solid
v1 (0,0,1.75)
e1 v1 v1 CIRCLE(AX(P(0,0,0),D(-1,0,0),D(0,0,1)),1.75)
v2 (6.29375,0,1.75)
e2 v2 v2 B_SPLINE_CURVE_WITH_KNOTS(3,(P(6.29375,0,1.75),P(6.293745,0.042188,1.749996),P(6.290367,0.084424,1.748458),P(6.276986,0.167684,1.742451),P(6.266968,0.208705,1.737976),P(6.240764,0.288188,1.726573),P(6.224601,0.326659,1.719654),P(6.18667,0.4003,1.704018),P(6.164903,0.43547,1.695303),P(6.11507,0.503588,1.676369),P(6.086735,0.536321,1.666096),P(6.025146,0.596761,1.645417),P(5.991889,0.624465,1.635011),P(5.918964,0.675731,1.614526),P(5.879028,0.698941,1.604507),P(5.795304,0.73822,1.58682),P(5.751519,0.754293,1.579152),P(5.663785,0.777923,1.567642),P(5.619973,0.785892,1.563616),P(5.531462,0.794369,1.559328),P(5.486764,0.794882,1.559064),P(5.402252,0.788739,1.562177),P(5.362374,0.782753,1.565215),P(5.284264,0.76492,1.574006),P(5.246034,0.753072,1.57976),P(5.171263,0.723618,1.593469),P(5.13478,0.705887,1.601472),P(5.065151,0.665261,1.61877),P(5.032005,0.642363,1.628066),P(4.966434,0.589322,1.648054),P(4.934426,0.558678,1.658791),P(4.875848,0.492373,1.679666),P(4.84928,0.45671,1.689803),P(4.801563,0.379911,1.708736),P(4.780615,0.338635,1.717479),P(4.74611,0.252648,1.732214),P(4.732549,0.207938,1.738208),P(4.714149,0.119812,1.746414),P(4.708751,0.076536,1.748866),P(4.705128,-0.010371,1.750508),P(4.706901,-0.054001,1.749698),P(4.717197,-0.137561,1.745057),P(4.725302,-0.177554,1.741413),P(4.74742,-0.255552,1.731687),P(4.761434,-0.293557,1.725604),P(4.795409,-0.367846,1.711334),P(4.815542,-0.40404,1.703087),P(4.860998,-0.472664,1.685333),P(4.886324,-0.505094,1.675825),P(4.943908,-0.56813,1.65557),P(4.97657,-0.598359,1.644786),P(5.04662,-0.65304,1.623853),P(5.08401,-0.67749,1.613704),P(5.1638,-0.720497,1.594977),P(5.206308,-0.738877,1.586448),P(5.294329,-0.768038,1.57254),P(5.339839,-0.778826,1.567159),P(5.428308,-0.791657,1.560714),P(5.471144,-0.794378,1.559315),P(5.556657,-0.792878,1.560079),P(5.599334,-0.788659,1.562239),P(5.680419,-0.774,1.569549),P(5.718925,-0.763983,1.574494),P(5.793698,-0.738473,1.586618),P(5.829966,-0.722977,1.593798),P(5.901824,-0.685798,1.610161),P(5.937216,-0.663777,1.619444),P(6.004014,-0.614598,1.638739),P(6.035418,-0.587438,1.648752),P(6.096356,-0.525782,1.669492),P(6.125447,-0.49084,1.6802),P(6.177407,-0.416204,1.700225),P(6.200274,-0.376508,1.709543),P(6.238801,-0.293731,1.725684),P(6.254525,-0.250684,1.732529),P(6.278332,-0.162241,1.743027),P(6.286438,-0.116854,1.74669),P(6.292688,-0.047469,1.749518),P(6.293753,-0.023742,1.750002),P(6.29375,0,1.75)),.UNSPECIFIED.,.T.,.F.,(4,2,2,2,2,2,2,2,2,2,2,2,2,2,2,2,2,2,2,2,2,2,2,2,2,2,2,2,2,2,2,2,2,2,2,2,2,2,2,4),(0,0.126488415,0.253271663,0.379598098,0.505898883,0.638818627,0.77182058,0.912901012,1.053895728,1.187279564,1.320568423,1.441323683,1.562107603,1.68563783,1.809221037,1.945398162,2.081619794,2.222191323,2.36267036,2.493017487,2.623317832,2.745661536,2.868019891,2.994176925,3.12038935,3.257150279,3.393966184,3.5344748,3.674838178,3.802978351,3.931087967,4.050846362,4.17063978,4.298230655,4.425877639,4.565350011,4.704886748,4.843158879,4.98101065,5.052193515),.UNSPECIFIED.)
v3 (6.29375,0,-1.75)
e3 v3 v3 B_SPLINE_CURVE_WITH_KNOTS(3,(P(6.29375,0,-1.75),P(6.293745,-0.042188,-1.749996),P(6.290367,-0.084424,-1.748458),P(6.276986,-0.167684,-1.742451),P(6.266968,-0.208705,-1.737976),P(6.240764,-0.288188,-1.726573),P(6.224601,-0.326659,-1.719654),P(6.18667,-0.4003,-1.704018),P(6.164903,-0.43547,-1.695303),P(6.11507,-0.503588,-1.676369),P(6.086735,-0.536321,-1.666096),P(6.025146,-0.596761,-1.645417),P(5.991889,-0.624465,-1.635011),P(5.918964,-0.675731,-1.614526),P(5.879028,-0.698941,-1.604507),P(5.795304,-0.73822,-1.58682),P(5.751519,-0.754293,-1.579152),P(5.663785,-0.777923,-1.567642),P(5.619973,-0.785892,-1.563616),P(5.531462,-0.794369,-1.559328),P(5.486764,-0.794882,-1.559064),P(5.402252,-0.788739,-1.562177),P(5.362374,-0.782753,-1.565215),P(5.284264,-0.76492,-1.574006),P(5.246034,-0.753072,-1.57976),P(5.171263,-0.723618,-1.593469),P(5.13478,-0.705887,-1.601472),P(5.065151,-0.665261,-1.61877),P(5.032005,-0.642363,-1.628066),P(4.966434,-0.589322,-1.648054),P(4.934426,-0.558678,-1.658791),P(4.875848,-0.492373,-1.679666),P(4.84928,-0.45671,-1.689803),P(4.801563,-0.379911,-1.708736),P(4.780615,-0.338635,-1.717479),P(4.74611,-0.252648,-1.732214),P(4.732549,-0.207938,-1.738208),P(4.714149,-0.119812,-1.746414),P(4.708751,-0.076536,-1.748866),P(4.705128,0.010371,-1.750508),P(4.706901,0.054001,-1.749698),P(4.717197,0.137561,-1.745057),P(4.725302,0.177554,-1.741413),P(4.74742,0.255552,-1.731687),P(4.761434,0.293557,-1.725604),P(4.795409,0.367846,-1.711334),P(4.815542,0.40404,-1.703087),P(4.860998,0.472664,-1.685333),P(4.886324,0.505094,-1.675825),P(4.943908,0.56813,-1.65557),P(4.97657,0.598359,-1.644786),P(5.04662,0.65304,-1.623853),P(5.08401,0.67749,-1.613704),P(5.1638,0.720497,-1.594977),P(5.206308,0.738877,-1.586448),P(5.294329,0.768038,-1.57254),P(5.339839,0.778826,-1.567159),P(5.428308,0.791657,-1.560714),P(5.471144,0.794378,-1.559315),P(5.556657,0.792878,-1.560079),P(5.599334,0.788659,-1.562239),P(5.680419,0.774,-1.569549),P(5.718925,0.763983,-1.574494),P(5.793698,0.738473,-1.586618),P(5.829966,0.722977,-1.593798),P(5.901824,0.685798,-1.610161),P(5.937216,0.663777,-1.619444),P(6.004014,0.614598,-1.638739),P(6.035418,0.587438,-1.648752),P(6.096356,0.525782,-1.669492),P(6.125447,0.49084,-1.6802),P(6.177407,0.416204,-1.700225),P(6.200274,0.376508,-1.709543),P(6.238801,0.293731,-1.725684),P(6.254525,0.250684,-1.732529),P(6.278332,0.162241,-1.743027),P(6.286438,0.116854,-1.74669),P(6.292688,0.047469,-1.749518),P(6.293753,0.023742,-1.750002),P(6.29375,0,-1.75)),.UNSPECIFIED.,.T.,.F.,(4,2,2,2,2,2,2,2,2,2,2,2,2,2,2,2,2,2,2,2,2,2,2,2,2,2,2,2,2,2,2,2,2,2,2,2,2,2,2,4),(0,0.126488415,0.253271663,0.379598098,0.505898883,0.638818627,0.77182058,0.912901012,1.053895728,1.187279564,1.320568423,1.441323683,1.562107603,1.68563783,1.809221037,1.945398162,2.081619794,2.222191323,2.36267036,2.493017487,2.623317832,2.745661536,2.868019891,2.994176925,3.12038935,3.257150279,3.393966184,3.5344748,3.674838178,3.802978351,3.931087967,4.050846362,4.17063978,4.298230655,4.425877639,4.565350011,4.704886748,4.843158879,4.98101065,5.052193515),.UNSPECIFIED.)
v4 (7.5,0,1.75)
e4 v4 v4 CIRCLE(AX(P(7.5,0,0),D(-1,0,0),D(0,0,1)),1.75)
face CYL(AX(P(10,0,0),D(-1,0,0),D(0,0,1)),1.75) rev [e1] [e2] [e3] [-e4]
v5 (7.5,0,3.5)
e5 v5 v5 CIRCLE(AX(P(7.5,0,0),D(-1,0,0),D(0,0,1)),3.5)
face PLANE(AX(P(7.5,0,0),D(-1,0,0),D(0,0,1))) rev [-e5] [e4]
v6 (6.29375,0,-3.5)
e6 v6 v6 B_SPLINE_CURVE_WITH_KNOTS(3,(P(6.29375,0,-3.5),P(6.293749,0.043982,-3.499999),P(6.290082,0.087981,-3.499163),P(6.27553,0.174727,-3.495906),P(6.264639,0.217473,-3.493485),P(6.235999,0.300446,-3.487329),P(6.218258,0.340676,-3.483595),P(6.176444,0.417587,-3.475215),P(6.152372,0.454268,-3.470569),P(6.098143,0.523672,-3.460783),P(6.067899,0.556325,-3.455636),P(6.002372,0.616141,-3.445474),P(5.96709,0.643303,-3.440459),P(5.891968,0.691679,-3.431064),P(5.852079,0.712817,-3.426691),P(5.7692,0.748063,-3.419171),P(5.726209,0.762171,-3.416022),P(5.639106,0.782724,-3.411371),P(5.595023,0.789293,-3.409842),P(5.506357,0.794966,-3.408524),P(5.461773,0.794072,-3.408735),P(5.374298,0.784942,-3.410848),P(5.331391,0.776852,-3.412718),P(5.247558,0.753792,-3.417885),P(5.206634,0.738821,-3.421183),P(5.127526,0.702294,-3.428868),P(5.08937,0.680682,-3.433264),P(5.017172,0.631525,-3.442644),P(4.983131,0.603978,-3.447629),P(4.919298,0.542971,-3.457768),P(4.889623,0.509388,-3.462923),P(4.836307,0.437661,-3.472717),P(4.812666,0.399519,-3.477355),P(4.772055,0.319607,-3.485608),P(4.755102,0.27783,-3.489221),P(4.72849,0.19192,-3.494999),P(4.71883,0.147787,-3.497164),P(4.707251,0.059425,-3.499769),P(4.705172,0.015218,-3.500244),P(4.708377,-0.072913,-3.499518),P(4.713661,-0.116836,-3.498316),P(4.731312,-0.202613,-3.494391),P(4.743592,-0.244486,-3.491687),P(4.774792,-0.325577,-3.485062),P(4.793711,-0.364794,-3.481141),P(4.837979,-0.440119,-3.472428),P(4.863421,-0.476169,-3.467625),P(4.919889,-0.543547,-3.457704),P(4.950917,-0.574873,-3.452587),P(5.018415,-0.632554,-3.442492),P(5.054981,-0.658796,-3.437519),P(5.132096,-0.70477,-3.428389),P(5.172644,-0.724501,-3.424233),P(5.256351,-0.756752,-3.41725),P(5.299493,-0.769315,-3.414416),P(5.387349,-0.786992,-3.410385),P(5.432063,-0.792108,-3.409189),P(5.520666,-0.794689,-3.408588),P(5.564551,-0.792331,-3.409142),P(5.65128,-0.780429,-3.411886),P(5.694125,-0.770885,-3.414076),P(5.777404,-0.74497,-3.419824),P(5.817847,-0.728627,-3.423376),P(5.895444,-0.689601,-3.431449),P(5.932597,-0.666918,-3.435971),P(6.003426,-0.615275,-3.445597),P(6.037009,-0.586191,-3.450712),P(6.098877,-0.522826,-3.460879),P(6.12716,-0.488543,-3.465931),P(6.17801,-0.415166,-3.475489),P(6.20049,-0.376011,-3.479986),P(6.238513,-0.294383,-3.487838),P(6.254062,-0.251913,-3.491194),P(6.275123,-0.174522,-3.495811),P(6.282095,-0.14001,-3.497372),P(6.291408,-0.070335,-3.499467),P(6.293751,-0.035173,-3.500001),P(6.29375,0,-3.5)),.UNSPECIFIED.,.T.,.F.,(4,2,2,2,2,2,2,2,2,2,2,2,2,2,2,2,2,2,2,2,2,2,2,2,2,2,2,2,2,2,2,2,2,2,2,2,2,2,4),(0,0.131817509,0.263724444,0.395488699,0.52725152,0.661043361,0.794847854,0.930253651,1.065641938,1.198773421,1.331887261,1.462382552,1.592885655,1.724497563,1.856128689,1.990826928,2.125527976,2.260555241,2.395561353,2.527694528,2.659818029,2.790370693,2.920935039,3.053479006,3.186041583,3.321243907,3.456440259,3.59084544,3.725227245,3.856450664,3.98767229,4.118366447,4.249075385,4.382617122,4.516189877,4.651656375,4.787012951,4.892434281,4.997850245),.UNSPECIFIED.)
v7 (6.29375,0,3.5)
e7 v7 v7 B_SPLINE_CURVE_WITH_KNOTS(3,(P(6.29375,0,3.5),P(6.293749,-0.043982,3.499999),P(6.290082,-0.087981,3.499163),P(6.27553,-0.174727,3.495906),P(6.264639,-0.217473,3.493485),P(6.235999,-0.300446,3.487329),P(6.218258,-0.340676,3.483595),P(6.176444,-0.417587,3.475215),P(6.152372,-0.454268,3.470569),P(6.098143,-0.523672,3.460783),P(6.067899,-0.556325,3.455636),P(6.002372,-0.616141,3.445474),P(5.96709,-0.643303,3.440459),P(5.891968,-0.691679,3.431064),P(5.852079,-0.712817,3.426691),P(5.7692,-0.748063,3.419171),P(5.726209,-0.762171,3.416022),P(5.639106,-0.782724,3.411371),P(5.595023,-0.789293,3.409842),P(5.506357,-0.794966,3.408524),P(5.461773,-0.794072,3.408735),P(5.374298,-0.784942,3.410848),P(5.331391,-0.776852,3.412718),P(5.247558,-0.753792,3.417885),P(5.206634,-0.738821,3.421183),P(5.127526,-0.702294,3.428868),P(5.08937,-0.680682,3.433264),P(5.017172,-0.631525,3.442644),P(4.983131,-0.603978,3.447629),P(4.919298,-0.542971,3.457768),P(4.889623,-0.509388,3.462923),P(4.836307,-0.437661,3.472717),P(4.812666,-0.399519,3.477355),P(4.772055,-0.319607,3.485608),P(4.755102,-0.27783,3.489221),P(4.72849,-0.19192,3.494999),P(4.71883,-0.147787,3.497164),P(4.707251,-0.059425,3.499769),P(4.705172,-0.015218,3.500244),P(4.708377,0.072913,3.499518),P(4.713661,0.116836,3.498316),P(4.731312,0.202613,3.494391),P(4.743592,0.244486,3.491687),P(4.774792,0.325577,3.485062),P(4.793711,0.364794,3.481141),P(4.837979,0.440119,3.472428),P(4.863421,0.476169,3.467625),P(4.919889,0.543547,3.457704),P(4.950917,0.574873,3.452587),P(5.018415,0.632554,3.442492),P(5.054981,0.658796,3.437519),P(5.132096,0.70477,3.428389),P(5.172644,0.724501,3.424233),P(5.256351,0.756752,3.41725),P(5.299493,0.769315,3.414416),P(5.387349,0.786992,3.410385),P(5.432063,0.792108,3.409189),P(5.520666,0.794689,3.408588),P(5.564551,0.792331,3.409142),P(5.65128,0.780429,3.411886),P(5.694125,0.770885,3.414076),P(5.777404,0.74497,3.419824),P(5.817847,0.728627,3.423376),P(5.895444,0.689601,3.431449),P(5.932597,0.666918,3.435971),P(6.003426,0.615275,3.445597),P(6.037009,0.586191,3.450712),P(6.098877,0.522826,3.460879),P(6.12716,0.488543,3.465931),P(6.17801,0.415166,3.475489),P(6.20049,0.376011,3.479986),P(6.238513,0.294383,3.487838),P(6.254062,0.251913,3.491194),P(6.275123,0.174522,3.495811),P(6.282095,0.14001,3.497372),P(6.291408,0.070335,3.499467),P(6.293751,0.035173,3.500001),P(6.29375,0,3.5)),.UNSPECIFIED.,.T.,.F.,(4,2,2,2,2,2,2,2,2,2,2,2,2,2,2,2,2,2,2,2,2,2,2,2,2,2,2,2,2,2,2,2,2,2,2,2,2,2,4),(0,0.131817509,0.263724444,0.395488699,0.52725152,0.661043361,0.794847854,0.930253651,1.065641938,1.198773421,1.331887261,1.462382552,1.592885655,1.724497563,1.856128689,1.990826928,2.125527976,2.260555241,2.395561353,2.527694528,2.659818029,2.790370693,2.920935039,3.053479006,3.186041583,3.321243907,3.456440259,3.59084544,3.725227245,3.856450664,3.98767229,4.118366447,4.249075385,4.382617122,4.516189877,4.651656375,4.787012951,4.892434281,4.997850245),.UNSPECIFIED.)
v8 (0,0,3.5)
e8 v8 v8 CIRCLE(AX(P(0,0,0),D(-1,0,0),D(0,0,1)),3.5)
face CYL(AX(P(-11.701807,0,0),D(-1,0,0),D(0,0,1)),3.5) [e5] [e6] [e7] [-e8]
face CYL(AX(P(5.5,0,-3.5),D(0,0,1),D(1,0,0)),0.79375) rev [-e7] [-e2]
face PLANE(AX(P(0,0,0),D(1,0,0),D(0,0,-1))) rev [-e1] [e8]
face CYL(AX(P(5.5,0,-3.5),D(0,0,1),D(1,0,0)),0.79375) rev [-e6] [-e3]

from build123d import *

# Parameters (mm, degrees)
SKETCH1_W               = 7.5
SKETCH1_H               = 3.5
SKETCH8_R               = 1.75
CUT_EXTRUDE6_DEPTH      = 10
CUT_EXTRUDE7_DEPTH      = 9.986100378
CUT_EXTRUDE7_DEPTH_BACK = 9.986100378
SKETCH9_R               = 0.79375


with BuildPart() as part:
    # Sketch1 → Revolve1 (revolve)
    with BuildSketch(Plane.XY, mode=Mode.PRIVATE) as revolve1_sk:
        with Locations((3.75, 1.75)):
            Rectangle(SKETCH1_W, SKETCH1_H)
    revolve(revolve1_sk.sketch.rotate(Axis((-11.701807229, 0, 0), (1, 0, 0)), 90), axis=Axis((-11.701807229, 0, 0), (1, 0, 0)))

    # Sketch8 → Cut-Extrude6 (cut)
    with BuildSketch(Plane.ZY):
        Circle(SKETCH8_R)
    extrude(amount=-CUT_EXTRUDE6_DEPTH, mode=Mode.SUBTRACT)

    # Sketch9 → Cut-Extrude7 (cut, two sides: drawn at the far end of the back side and taken through both)
    with BuildSketch(Plane.XY.offset(-CUT_EXTRUDE7_DEPTH_BACK)):
        with Locations((5.5, 0)):
            Circle(SKETCH9_R)
    extrude(amount=CUT_EXTRUDE7_DEPTH + CUT_EXTRUDE7_DEPTH_BACK, mode=Mode.SUBTRACT)


solid = part.part
